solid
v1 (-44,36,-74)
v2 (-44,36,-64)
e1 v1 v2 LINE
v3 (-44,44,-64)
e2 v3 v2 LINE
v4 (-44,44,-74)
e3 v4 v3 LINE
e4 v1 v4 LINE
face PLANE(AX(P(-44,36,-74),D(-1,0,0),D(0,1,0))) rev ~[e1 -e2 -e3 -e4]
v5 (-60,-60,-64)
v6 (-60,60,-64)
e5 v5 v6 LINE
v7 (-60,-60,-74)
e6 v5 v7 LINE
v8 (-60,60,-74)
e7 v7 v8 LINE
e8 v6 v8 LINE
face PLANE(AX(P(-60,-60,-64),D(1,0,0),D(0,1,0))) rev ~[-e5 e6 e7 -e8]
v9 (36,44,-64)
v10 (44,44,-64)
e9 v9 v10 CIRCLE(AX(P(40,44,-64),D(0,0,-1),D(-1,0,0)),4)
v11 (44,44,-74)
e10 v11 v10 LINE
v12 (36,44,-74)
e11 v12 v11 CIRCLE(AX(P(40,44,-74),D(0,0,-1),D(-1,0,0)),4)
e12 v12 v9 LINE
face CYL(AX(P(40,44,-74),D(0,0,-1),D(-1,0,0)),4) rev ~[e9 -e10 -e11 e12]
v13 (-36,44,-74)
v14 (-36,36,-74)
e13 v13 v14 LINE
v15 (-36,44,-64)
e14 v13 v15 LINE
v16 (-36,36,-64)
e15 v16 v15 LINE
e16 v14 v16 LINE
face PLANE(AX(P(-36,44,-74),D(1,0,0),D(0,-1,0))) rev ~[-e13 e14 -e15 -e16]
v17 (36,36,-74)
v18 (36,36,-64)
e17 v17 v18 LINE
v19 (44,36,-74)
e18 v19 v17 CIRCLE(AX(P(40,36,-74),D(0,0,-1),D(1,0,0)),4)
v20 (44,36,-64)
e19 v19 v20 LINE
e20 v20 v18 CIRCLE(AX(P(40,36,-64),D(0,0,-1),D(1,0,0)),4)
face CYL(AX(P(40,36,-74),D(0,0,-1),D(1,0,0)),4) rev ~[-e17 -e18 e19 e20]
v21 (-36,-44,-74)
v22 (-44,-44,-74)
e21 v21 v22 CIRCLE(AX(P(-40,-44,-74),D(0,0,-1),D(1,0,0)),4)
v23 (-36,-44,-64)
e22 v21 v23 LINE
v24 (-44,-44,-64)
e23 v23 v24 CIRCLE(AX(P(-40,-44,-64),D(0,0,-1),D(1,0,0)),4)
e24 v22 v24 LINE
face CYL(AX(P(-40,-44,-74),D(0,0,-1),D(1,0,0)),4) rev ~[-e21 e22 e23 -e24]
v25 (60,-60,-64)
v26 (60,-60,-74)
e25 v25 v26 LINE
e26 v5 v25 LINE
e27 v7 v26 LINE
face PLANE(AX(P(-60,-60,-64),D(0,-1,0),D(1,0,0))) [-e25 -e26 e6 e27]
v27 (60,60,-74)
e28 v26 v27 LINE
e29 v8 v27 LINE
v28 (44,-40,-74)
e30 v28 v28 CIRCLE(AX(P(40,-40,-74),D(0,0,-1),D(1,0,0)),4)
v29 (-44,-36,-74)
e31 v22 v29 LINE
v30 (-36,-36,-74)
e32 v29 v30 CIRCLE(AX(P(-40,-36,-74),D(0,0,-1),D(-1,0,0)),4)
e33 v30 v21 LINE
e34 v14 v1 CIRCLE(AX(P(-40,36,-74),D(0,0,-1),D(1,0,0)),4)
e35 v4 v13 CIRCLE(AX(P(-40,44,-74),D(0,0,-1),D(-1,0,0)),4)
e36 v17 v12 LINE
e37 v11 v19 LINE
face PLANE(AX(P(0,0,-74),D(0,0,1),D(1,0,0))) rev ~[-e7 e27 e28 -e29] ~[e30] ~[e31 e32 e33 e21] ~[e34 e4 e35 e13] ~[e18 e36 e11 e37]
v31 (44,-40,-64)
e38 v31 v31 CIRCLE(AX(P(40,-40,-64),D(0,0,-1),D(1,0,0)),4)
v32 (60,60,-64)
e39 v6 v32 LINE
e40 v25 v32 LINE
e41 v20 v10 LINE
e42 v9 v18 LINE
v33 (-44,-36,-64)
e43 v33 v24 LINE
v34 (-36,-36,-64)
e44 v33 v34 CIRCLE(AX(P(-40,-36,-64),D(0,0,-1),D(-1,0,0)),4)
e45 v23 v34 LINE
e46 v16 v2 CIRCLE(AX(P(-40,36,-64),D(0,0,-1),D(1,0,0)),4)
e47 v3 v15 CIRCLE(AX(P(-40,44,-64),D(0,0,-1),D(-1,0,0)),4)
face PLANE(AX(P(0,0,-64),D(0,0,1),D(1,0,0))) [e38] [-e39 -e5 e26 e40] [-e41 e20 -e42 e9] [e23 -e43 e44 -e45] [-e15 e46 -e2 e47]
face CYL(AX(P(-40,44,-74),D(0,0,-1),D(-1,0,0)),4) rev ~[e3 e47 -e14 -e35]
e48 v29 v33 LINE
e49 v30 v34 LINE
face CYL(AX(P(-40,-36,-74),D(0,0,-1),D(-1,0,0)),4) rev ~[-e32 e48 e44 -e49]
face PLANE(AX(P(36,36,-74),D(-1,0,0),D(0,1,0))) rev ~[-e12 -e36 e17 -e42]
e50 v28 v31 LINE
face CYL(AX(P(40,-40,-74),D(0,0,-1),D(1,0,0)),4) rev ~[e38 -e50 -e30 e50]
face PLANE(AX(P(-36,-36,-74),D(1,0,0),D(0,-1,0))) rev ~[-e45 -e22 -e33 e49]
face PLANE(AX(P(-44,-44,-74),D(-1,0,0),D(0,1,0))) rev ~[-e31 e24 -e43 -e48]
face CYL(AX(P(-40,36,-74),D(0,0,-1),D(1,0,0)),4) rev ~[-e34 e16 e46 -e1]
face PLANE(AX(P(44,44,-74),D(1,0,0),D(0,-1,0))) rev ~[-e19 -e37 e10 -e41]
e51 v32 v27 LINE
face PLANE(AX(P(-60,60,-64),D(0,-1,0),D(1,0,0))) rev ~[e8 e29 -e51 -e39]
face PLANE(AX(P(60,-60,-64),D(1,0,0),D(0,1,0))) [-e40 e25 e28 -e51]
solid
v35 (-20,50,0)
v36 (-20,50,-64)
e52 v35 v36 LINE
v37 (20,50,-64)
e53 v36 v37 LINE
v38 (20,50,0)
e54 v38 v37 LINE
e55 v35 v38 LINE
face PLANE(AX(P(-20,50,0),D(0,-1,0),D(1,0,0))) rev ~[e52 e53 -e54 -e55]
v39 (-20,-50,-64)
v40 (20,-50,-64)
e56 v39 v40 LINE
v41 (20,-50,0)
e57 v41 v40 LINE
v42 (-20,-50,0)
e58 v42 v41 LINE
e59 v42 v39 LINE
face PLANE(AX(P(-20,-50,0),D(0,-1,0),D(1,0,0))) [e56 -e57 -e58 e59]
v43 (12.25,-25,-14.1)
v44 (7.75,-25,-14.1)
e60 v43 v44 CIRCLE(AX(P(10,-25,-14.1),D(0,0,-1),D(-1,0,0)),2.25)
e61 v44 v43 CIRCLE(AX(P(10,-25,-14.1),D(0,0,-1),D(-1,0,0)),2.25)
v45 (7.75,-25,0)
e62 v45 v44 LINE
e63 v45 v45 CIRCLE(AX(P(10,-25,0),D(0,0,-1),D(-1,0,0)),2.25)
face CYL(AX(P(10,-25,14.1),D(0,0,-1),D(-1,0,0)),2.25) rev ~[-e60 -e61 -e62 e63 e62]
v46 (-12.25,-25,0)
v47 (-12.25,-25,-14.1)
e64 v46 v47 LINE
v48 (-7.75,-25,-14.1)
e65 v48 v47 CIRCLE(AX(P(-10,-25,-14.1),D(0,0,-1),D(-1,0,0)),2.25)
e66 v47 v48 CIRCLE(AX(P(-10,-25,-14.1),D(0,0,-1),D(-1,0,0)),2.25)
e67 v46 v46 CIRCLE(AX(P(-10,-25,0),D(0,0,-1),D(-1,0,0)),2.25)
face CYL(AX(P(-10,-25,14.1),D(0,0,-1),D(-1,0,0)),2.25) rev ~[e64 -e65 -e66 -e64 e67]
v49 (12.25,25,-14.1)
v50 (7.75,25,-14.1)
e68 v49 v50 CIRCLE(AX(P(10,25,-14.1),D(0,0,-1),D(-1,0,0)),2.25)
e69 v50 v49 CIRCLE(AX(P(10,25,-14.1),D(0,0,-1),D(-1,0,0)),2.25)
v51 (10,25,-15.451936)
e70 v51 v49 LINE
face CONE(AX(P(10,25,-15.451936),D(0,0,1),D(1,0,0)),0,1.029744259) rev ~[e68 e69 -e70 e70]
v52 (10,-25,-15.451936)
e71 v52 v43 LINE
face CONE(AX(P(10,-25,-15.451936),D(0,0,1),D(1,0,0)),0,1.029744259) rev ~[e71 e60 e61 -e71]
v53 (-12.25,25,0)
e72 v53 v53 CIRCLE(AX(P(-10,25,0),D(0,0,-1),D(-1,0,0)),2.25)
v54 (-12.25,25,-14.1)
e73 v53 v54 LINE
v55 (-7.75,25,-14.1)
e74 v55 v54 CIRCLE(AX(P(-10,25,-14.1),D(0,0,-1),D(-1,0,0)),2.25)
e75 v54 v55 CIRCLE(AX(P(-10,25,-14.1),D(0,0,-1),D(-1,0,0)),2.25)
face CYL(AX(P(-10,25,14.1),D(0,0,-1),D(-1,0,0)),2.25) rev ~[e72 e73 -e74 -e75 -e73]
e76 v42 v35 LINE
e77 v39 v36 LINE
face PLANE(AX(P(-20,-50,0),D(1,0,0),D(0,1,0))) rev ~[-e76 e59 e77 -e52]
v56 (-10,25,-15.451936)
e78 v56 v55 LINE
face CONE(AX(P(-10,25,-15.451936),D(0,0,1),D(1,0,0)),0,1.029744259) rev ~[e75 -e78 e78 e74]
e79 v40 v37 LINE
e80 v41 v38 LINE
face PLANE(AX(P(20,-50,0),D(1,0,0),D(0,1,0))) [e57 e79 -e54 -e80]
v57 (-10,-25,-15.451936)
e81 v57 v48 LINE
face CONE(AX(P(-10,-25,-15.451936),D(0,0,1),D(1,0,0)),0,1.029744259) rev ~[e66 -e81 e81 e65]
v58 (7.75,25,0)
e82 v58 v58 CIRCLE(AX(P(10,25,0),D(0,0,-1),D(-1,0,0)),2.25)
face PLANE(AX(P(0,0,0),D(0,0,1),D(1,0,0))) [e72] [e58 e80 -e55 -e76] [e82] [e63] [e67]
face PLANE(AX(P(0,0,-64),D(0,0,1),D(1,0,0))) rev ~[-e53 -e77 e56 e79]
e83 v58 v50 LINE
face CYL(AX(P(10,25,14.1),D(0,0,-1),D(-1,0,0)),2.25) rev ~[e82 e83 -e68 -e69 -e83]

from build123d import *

# Parameters (mm, degrees)
F0_W     = 40
F0_H     = 100
F1_DEPTH = 64
F2_D     = 4.5
F2_DEPTH = 14.1
F2_TIP   = 1.3519363928
F3_START = -64
F0_W_2   = 120
F0_H_2   = 120
F3_DEPTH = 10
F4_R     = 4
F5_DEPTH = 25


with BuildPart() as f1:
    # F0 (on Top) → F1 (new body)
    with BuildSketch(Plane.XY):
        Rectangle(F0_W, F0_H)
    extrude(amount=-F1_DEPTH)

    # F2
    with Locations(Plane.XY):
        with Locations((-10, 25), (10, 25), (-10, -25), (10, -25)):
            Hole(F2_D / 2, depth=F2_DEPTH)
            with Locations((0, 0, -(F2_DEPTH + F2_TIP / 2))):  # 118° drill point
                Cone(0, F2_D / 2, F2_TIP, mode=Mode.SUBTRACT)


with BuildPart() as f3:
    # F0 (on Top) → F3 (new body)
    with BuildSketch(Plane.XY.offset(F3_START)):
        Rectangle(F0_W_2, F0_H_2)
        Rectangle(F0_W, F0_H, mode=Mode.SUBTRACT)
        Rectangle(F0_W, F0_H)
    extrude(amount=-F3_DEPTH)

    # F4 (on face) → F5 (cut)
    with BuildSketch(Plane(origin=(0, 0, -74), x_dir=(1, 0, 0), z_dir=(0, 0, -1))):
        with BuildLine():
            ThreePointArc((-40, 40), (-37.1715728753, 41.1715728753), (-36, 44))
            ThreePointArc((-36, 44), (-40, 48), (-44, 44))
            ThreePointArc((-44, 44), (-42.8284271247, 41.1715728753), (-40, 40))
        make_face()
        with BuildLine():
            ThreePointArc((-36, 36), (-37.1715728753, 38.8284271247), (-40, 40))
            ThreePointArc((-40, 40), (-42.8284271247, 38.8284271247), (-44, 36))
            ThreePointArc((-44, 36), (-40, 32), (-36, 36))
        make_face()
        with BuildLine():
            Line((-36, 36), (-36, 44))
            ThreePointArc((-36, 44), (-37.1715728753, 41.1715728753), (-40, 40))
            ThreePointArc((-40, 40), (-37.1715728753, 38.8284271247), (-36, 36))
        make_face()
        with BuildLine():
            ThreePointArc((-40, 40), (-42.8284271247, 41.1715728753), (-44, 44))
            Line((-44, 44), (-44, 36))
            ThreePointArc((-44, 36), (-42.8284271247, 38.8284271247), (-40, 40))
        make_face()
        with Locations((40, 40)):
            Circle(F4_R)
        with BuildLine():
            ThreePointArc((-40, -40), (-37.1715728753, -38.8284271247), (-36, -36))
            ThreePointArc((-36, -36), (-40, -32), (-44, -36))
            ThreePointArc((-44, -36), (-42.8284271247, -38.8284271247), (-40, -40))
        make_face()
        with BuildLine():
            ThreePointArc((-36, -44), (-37.1715728753, -41.1715728753), (-40, -40))
            ThreePointArc((-40, -40), (-42.8284271247, -41.1715728753), (-44, -44))
            ThreePointArc((-44, -44), (-40, -48), (-36, -44))
        make_face()
        with BuildLine():
            ThreePointArc((-40, -40), (-42.8284271247, -38.8284271247), (-44, -36))
            Line((-44, -36), (-44, -44))
            ThreePointArc((-44, -44), (-42.8284271247, -41.1715728753), (-40, -40))
        make_face()
        with BuildLine():
            Line((-36, -44), (-36, -36))
            ThreePointArc((-36, -36), (-37.1715728753, -38.8284271247), (-40, -40))
            ThreePointArc((-40, -40), (-37.1715728753, -41.1715728753), (-36, -44))
        make_face()
        with BuildLine():
            ThreePointArc((44, -44), (42.8284271247, -41.1715728753), (40, -40))
            ThreePointArc((40, -40), (37.1715728753, -41.1715728753), (36, -44))
            ThreePointArc((36, -44), (40, -48), (44, -44))
        make_face()
        with BuildLine():
            ThreePointArc((40, -40), (42.8284271247, -38.8284271247), (44, -36))
            ThreePointArc((44, -36), (40, -32), (36, -36))
            ThreePointArc((36, -36), (37.1715728753, -38.8284271247), (40, -40))
        make_face()
        with BuildLine():
            ThreePointArc((40, -40), (37.1715728753, -38.8284271247), (36, -36))
            Line((36, -36), (36, -44))
            ThreePointArc((36, -44), (37.1715728753, -41.1715728753), (40, -40))
        make_face()
        with BuildLine():
            Line((44, -44), (44, -36))
            ThreePointArc((44, -36), (42.8284271247, -38.8284271247), (40, -40))
            ThreePointArc((40, -40), (42.8284271247, -41.1715728753), (44, -44))
        make_face()
    extrude(amount=-F5_DEPTH, mode=Mode.SUBTRACT)


solid = Compound([f1.part, f3.part])
